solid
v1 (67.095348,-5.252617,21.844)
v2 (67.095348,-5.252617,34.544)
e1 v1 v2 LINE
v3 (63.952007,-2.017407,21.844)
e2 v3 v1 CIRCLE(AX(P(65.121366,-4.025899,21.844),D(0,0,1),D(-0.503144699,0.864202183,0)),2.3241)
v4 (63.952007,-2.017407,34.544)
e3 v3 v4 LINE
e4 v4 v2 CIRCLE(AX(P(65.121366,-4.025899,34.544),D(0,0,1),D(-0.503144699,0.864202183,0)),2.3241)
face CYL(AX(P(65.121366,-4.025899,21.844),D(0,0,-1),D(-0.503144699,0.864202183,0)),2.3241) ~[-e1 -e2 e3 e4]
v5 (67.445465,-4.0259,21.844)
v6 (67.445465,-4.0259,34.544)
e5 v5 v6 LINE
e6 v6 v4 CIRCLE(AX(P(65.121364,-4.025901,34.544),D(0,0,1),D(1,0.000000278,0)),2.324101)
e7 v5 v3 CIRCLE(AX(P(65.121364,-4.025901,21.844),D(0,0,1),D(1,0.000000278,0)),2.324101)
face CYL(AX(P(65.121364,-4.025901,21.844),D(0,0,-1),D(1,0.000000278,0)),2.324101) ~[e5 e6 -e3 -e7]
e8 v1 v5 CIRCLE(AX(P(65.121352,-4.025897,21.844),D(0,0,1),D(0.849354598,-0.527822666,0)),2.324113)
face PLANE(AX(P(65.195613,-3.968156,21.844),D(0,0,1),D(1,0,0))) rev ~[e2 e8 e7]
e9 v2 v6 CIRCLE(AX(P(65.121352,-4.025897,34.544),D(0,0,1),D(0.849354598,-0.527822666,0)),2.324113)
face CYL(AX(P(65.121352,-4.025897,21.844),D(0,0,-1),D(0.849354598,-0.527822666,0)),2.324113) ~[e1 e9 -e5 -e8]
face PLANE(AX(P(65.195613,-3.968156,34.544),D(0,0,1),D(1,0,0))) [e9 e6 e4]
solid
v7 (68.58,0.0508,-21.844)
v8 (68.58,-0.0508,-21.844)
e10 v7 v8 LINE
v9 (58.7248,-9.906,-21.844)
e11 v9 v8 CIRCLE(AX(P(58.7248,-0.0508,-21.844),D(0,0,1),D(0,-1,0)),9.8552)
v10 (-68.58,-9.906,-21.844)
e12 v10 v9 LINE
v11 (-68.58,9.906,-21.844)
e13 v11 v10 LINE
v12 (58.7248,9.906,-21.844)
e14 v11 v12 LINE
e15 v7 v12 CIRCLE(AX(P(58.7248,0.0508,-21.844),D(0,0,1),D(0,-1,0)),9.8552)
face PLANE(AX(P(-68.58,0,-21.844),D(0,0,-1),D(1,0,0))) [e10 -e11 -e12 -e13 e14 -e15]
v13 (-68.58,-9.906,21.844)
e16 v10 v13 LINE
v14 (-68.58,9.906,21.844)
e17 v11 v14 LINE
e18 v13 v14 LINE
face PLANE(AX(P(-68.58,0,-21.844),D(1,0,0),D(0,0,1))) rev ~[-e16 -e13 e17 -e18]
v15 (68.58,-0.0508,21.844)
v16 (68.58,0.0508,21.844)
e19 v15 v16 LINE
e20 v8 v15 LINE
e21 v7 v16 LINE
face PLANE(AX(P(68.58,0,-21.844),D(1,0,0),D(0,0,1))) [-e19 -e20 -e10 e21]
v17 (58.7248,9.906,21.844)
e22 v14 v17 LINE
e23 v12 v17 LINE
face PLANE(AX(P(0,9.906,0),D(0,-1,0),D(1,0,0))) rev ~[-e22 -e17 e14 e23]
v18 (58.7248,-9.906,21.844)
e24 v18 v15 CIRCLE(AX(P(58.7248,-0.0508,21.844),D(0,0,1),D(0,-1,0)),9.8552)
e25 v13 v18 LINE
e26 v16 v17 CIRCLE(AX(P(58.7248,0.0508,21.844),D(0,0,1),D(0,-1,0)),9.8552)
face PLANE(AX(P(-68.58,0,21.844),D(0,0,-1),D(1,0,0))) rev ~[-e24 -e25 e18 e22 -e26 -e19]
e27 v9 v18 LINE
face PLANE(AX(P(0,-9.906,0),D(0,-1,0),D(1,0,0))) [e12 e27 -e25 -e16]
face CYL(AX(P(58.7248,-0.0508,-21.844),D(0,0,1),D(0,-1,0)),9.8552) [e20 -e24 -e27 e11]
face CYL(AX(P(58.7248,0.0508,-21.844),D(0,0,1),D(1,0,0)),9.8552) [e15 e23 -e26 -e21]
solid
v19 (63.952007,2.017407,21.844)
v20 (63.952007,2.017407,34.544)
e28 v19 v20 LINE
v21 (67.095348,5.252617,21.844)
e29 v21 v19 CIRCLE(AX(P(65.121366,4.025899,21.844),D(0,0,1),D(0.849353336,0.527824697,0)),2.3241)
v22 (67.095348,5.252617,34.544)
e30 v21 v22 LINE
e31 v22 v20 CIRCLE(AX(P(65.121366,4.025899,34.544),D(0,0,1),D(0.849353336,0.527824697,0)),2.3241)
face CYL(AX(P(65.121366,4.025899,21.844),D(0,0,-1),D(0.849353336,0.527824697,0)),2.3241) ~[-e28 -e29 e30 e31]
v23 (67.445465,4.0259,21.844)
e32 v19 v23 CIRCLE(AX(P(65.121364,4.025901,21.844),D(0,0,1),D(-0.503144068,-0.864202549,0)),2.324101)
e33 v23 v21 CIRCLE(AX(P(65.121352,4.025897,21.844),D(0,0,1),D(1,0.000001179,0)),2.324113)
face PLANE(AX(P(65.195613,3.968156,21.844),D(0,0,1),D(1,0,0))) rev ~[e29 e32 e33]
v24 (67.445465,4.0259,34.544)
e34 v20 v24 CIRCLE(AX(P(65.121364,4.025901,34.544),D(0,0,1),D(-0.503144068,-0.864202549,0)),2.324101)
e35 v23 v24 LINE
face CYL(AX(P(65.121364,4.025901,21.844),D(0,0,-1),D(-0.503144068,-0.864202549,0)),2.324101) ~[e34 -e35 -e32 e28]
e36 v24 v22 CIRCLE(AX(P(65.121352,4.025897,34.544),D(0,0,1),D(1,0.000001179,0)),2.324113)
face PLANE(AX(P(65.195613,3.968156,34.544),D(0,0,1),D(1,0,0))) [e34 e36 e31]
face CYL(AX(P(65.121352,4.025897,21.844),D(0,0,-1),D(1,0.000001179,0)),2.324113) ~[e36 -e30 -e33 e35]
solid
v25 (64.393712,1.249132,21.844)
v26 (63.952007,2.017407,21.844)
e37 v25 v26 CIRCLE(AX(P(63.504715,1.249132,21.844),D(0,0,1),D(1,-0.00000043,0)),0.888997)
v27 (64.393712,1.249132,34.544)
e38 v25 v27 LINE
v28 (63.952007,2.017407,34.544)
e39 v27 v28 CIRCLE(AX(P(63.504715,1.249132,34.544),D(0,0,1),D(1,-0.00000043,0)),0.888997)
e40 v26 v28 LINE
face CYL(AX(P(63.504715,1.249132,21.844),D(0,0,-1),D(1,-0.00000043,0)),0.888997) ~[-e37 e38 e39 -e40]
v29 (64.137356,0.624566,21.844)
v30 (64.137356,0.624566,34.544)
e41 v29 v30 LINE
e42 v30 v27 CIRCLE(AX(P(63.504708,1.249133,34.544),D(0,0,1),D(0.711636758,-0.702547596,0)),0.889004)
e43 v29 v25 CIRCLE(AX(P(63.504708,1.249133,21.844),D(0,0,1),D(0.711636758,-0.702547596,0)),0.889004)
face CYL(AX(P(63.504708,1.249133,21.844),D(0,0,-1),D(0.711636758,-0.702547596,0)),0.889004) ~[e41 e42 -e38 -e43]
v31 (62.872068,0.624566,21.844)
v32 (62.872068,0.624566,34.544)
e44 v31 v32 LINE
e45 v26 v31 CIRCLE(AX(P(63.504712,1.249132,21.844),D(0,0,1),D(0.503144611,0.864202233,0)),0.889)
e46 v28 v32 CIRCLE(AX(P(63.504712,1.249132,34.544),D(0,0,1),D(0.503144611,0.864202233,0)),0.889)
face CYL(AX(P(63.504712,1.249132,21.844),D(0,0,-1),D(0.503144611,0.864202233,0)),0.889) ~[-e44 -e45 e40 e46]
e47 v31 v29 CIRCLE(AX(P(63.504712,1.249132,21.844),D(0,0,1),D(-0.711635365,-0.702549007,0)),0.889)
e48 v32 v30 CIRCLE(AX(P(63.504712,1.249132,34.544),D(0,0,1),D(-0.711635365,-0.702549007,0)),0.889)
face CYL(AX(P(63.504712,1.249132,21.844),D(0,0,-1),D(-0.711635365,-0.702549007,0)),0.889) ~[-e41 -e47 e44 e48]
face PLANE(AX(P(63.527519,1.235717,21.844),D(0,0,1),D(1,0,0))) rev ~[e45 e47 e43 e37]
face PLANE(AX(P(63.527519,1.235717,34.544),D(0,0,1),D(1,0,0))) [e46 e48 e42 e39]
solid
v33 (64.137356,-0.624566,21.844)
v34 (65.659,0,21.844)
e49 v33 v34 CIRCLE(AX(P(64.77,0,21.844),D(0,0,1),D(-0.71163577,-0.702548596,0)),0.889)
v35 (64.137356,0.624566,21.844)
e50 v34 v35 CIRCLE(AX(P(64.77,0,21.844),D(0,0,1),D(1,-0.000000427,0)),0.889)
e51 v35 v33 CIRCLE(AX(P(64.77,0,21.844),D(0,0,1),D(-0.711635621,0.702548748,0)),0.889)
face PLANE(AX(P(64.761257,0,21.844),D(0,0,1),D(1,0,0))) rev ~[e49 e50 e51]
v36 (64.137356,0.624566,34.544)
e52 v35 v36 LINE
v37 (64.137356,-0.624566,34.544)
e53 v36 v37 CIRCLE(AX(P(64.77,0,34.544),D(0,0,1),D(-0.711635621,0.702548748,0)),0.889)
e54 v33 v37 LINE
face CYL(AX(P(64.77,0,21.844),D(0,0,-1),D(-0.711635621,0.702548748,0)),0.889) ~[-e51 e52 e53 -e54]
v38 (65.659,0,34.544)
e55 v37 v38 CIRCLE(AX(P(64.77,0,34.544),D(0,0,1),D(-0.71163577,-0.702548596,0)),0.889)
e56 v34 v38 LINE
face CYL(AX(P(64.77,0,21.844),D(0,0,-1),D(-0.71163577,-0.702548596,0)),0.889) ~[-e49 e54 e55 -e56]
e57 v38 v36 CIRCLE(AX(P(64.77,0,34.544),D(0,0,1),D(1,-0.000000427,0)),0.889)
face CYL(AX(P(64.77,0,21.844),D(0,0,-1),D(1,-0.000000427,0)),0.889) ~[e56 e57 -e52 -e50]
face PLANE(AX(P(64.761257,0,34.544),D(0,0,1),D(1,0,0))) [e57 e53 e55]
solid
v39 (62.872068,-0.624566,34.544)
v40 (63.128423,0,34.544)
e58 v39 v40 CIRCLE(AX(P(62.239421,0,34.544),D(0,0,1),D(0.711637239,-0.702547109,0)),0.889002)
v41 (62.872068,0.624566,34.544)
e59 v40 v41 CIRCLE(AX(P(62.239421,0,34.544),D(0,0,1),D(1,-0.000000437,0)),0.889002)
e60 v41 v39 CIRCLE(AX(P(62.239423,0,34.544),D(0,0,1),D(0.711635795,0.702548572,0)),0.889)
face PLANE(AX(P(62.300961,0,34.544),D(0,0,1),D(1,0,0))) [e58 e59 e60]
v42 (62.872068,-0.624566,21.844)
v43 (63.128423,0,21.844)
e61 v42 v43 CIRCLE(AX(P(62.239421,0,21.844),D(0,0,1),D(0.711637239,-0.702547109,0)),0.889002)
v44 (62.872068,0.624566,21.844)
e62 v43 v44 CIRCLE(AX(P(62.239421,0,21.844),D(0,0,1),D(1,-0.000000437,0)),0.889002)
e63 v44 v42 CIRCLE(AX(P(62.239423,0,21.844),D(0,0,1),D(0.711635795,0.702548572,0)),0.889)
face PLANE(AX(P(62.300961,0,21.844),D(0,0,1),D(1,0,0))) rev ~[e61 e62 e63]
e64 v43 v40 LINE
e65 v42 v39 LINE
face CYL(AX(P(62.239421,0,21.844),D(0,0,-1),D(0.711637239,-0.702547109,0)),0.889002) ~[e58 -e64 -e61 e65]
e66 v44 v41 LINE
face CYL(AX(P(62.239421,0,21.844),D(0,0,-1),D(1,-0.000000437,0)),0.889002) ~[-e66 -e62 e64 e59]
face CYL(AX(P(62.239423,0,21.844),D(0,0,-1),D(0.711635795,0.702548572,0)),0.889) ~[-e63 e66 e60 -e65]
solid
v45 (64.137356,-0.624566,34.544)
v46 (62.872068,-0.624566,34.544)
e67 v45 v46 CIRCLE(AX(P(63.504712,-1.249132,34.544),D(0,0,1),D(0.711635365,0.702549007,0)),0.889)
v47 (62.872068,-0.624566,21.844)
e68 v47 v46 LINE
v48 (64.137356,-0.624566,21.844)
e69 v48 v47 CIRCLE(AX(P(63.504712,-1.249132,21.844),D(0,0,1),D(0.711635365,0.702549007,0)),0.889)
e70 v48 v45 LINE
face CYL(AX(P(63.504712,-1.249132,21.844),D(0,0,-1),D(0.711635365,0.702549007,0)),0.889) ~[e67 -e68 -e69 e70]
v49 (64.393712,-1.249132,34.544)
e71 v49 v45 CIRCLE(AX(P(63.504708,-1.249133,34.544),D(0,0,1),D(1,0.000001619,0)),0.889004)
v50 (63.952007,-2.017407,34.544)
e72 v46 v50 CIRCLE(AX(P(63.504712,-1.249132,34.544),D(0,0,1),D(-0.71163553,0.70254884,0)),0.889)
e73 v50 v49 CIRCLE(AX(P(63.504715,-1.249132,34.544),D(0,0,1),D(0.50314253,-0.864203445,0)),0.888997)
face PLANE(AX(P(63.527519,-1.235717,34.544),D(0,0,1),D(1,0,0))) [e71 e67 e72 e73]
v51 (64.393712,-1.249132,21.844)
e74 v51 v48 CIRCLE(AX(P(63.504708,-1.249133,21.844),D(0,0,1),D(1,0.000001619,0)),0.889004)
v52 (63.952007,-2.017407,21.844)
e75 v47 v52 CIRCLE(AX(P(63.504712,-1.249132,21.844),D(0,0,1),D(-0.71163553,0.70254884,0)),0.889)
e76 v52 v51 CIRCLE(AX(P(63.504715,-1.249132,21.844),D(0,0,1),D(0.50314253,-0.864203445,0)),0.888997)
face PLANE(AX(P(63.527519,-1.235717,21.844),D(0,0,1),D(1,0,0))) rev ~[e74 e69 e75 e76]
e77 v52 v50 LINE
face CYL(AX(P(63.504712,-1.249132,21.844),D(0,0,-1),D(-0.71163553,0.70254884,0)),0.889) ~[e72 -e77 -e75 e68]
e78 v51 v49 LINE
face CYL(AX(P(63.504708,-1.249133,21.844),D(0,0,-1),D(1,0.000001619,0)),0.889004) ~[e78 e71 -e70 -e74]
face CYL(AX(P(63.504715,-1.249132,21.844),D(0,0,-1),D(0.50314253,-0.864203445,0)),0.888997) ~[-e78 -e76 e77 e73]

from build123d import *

# Parameters (mm, degrees)
F0_W     = 137.16
F0_H     = 43.688
F1_DEPTH = 9.906
F2_R     = 9.8552
F4_DEPTH = 12.7


with BuildPart() as f1:
    # F0 (on Front) → F1 (new body, symmetric)
    with BuildSketch(Plane.XZ):
        Rectangle(F0_W, F0_H)
    extrude(amount=F1_DEPTH, both=True)

    # F2
    f2_edges = [f1.edges().sort_by_distance(p)[0] for p in [
        (68.58, -9.906, 0),
        (68.58, 9.906, 0),
    ]]
    fillet(f2_edges, radius=F2_R)


with BuildPart() as f4:
    # F3 (on face) → F4 (new body)
    with BuildSketch(Plane.XY.offset(21.844)):
        with BuildLine():
            ThreePointArc((64.393712, 1.249132), (64.275415, 1.692232), (63.952007, 2.017407))
            ThreePointArc((63.952007, 2.017407), (62.802152, 1.793861), (62.872068, 0.624566))
            ThreePointArc((62.872068, 0.624566), (63.504712, 0.360132), (64.137356, 0.624566))
            ThreePointArc((64.137356, 0.624566), (64.327129, 0.911566), (64.393712, 1.249132))
        make_face()
        with BuildLine():
            ThreePointArc((63.128423, 0), (63.061841, 0.337565), (62.872068, 0.624566))
            ThreePointArc((62.872068, 0.624566), (61.350423, 0), (62.872068, -0.624566))
            ThreePointArc((62.872068, -0.624566), (63.061841, -0.337565), (63.128423, 0))
        make_face()
        with BuildLine():
            ThreePointArc((64.137356, -0.624566), (63.504712, -0.360132), (62.872068, -0.624566))
            ThreePointArc((62.872068, -0.624566), (62.802152, -1.793861), (63.952007, -2.017407))
            ThreePointArc((63.952007, -2.017407), (64.275415, -1.692232), (64.393712, -1.249132))
            ThreePointArc((64.393712, -1.249132), (64.327129, -0.911566), (64.137356, -0.624566))
        make_face()
        with BuildLine():
            ThreePointArc((65.659, 0), (65.107565, 0.822418), (64.137356, 0.624566))
            ThreePointArc((64.137356, 0.624566), (63.881, 0), (64.137356, -0.624566))
            ThreePointArc((64.137356, -0.624566), (65.107565, -0.822418), (65.659, 0))
        make_face()
        with BuildLine():
            ThreePointArc((63.952007, 2.017407), (66.279755, 2.011062), (67.445465, 4.0259))
            ThreePointArc((67.445465, 4.0259), (67.356222, 4.663751), (67.095348, 5.252617))
            ThreePointArc((67.095348, 5.252617), (63.454482, 5.645449), (63.952007, 2.017407))
        make_face()
        with BuildLine():
            ThreePointArc((63.952007, -2.017407), (63.454482, -5.645449), (67.095348, -5.252617))
            ThreePointArc((67.095348, -5.252617), (67.356222, -4.663751), (67.445465, -4.0259))
            ThreePointArc((67.445465, -4.0259), (66.279755, -2.011062), (63.952007, -2.017407))
        make_face()
    extrude(amount=F4_DEPTH)


solid = Compound([f1.part, f4.part])
